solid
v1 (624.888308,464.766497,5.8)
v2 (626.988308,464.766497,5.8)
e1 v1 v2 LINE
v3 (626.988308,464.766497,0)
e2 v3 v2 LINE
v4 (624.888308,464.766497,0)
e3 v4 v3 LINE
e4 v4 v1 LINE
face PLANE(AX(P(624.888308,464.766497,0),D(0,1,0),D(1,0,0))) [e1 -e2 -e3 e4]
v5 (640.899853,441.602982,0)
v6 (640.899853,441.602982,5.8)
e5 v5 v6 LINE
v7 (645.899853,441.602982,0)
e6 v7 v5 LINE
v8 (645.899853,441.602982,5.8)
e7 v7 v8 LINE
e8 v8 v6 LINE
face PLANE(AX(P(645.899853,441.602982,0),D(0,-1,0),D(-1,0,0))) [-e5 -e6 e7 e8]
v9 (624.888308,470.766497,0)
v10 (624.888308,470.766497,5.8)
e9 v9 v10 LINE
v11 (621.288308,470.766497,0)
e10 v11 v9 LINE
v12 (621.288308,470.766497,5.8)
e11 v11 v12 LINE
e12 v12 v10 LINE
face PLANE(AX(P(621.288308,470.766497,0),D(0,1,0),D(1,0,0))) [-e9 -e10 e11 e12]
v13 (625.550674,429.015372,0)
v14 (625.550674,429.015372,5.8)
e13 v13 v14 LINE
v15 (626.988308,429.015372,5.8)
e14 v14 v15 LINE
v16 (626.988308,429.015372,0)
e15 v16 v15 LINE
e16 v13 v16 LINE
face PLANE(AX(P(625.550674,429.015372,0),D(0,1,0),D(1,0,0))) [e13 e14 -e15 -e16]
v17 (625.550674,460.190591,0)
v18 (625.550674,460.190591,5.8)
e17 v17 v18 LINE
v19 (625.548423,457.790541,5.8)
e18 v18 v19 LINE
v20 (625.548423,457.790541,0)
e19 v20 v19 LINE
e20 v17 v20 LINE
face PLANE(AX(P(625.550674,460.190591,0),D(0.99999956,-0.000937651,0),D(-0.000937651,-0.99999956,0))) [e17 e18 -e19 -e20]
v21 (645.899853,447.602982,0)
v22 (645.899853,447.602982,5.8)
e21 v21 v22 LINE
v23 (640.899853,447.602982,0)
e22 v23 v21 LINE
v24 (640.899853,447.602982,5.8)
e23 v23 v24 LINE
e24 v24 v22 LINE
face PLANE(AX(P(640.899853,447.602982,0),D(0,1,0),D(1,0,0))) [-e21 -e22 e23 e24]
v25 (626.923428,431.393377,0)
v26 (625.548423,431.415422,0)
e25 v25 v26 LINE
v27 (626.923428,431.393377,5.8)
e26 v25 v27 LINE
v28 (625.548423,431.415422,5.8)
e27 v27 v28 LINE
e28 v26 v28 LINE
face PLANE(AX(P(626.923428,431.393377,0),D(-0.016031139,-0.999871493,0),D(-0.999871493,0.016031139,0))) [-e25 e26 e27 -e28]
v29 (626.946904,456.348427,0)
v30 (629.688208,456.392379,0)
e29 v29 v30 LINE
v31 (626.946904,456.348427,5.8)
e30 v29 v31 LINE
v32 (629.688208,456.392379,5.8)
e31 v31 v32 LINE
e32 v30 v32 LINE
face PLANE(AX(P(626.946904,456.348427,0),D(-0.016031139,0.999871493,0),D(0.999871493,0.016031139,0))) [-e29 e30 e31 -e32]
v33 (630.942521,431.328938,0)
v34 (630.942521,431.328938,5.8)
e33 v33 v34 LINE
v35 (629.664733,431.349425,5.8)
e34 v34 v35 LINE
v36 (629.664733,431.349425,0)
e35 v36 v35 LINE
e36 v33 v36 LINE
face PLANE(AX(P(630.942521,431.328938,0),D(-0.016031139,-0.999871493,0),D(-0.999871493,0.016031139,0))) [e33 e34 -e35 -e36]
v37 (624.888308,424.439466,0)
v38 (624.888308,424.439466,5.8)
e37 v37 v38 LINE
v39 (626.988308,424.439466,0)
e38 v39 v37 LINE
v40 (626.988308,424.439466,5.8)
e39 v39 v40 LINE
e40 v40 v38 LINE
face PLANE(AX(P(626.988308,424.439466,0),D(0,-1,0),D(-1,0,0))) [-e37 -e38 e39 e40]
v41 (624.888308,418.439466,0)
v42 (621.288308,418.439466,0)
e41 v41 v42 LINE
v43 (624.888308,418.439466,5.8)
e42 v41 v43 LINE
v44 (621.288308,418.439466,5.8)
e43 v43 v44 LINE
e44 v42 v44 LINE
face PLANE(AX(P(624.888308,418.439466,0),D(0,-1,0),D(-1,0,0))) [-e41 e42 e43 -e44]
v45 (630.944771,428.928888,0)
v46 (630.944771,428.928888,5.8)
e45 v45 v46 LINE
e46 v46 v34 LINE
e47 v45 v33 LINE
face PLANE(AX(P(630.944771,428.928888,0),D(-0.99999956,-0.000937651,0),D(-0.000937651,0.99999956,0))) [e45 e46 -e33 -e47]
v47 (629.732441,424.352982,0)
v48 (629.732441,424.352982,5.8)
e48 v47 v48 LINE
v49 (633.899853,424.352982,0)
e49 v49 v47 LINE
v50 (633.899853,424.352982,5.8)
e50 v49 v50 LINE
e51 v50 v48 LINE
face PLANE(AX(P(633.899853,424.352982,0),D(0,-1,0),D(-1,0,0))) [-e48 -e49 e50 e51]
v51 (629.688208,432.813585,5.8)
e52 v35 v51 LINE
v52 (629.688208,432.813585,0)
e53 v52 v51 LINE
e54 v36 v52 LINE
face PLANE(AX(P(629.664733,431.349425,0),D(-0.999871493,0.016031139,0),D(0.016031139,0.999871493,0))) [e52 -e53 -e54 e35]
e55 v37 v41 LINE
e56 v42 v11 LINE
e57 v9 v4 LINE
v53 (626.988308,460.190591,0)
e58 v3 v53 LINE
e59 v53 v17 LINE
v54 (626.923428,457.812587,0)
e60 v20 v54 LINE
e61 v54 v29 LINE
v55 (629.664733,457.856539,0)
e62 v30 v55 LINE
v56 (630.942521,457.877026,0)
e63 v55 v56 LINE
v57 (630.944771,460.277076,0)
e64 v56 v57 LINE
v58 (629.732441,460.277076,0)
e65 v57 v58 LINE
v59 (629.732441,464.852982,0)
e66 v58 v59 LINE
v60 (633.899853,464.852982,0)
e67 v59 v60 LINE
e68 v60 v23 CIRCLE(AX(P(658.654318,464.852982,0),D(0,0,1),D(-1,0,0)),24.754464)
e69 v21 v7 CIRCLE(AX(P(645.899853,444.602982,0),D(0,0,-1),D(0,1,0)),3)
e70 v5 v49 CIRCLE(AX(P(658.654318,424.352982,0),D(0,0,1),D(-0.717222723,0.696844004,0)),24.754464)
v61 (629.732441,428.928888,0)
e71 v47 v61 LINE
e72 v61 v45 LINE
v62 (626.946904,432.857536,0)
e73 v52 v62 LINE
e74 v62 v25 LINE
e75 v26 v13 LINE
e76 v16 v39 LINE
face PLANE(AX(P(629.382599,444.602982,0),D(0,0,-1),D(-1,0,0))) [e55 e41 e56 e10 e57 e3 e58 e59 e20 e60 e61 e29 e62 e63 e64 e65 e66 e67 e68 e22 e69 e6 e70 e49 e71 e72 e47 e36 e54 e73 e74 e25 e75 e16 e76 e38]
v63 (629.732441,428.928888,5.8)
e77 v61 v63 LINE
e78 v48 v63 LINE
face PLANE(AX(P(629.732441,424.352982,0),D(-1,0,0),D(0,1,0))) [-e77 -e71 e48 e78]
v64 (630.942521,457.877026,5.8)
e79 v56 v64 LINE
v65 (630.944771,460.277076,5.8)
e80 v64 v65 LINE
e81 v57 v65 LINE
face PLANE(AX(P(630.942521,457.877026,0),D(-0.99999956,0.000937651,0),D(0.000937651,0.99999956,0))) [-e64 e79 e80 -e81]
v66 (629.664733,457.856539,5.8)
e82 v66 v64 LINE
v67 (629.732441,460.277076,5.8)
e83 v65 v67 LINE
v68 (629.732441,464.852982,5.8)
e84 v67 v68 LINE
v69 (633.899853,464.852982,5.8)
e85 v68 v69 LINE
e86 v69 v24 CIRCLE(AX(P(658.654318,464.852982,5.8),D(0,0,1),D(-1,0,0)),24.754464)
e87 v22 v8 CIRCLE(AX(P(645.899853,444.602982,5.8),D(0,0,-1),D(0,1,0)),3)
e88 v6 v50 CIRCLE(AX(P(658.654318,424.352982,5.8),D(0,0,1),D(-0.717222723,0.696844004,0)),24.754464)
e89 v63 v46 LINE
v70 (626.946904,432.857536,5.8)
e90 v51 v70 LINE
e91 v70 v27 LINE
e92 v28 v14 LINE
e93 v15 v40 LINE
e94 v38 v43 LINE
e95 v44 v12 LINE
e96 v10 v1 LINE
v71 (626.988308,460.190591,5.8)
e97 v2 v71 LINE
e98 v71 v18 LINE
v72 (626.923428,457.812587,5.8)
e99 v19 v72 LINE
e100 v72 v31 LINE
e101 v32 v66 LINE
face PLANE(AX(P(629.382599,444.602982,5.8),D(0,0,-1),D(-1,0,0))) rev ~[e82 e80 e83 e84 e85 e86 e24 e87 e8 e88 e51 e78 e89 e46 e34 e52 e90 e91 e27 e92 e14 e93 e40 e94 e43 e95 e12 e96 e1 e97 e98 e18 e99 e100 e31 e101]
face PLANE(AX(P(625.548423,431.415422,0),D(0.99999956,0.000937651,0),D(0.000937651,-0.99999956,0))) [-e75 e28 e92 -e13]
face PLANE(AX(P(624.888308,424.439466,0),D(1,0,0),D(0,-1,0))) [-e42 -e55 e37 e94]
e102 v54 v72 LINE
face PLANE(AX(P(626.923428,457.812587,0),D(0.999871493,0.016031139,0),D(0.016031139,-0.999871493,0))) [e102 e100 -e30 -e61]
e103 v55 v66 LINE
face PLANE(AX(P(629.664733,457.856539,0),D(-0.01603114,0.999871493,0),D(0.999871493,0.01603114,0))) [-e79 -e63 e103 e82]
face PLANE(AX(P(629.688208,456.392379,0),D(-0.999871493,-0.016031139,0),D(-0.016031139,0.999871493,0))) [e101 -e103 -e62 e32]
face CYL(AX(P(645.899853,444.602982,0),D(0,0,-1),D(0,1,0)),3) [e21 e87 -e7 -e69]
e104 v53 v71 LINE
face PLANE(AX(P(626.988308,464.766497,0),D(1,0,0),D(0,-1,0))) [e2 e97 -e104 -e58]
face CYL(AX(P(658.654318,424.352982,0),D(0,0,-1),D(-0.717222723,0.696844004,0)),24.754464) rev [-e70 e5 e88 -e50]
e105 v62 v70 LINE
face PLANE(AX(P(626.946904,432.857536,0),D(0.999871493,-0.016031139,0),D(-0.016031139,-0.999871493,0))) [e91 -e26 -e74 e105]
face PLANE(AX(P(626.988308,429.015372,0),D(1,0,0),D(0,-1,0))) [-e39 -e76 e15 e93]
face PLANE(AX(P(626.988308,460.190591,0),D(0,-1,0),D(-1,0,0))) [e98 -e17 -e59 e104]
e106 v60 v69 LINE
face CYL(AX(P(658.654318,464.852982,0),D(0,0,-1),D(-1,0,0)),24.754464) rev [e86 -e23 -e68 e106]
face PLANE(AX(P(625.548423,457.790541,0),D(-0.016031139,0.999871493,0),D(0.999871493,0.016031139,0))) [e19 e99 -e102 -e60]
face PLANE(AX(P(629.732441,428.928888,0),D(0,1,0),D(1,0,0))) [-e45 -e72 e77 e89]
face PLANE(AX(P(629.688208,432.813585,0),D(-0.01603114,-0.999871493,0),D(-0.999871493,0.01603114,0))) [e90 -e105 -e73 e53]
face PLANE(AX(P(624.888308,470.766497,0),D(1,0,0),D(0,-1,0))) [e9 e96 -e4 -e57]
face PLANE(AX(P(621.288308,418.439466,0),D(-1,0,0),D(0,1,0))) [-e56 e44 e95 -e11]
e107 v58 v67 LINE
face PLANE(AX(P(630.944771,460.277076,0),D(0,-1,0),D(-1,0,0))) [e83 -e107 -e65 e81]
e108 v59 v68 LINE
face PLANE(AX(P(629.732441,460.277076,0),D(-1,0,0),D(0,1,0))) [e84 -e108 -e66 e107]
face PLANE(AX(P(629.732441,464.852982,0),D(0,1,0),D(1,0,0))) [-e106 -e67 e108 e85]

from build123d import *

# Parameters (mm, degrees)
BOSS_EXTRUDE1_DEPTH = 5.8


with BuildPart() as part:
    # Sketch1 → Boss-Extrude1 (new body)
    with BuildSketch(Plane.XY):
        with BuildLine():
            Line((640.899853243, 447.602981641), (645.899853243, 447.602981641))
            ThreePointArc((645.899853243, 447.602981641), (648.899853243, 444.602981641), (645.899853243, 441.602981641))
            Line((645.899853243, 441.602981641), (640.899853243, 441.602981641))
            ThreePointArc((640.899853243, 441.602981641), (635.71651299, 433.661076237), (633.899853243, 424.352981641))
            Line((633.899853243, 424.352981641), (629.732441047, 424.352981641))
            Line((629.732441047, 424.352981641), (629.732441047, 428.928887757))
            Line((629.732441047, 428.928887757), (630.944771309, 428.928887757))
            Line((630.944771309, 428.928887757), (630.942520898, 431.328937702))
            Line((630.942520898, 431.328937702), (629.664733055, 431.349424729))
            Line((629.664733055, 431.349424729), (629.688208222, 432.81358455))
            Line((629.688208222, 432.81358455), (626.946903544, 432.857536436))
            Line((626.946903544, 432.857536436), (626.923428377, 431.393376615))
            Line((626.923428377, 431.393376615), (625.548423101, 431.415422349))
            Line((625.548423101, 431.415422349), (625.550673512, 429.015372404))
            Line((625.550673512, 429.015372404), (626.988308144, 429.015372404))
            Line((626.988308144, 429.015372404), (626.988308144, 424.439466289))
            Line((626.988308144, 424.439466289), (624.888308144, 424.439466289))
            Line((624.888308144, 424.439466289), (624.888308144, 418.439466289))
            Line((624.888308144, 418.439466289), (621.288308144, 418.439466289))
            Line((621.288308144, 418.439466289), (621.288308144, 424.439466289))
            Line((621.288308144, 424.439466289), (621.288308144, 464.766496994))
            Line((621.288308144, 464.766496994), (621.288308144, 470.766496994))
            Line((621.288308144, 470.766496994), (624.888308144, 470.766496994))
            Line((624.888308144, 470.766496994), (624.888308144, 464.766496994))
            Line((624.888308144, 464.766496994), (626.988308144, 464.766496994))
            Line((626.988308144, 464.766496994), (626.988308144, 460.190590879))
            Line((626.988308144, 460.190590879), (625.550673512, 460.190590879))
            Line((625.550673512, 460.190590879), (625.548423101, 457.790540934))
            Line((625.548423101, 457.790540934), (626.923428377, 457.812586668))
            Line((626.923428377, 457.812586668), (626.946903544, 456.348426847))
            Line((626.946903544, 456.348426847), (629.688208222, 456.392378732))
            Line((629.688208222, 456.392378732), (629.664733055, 457.856538553))
            Line((629.664733055, 457.856538553), (630.942520898, 457.877025581))
            Line((630.942520898, 457.877025581), (630.944771309, 460.277075526))
            Line((630.944771309, 460.277075526), (629.732441047, 460.277075526))
            Line((629.732441047, 460.277075526), (629.732441047, 464.852981641))
            Line((629.732441047, 464.852981641), (633.899853243, 464.852981641))
            ThreePointArc((633.899853243, 464.852981641), (635.71651299, 455.544887046), (640.899853243, 447.602981641))
        make_face()
    extrude(amount=BOSS_EXTRUDE1_DEPTH)


solid = part.part
